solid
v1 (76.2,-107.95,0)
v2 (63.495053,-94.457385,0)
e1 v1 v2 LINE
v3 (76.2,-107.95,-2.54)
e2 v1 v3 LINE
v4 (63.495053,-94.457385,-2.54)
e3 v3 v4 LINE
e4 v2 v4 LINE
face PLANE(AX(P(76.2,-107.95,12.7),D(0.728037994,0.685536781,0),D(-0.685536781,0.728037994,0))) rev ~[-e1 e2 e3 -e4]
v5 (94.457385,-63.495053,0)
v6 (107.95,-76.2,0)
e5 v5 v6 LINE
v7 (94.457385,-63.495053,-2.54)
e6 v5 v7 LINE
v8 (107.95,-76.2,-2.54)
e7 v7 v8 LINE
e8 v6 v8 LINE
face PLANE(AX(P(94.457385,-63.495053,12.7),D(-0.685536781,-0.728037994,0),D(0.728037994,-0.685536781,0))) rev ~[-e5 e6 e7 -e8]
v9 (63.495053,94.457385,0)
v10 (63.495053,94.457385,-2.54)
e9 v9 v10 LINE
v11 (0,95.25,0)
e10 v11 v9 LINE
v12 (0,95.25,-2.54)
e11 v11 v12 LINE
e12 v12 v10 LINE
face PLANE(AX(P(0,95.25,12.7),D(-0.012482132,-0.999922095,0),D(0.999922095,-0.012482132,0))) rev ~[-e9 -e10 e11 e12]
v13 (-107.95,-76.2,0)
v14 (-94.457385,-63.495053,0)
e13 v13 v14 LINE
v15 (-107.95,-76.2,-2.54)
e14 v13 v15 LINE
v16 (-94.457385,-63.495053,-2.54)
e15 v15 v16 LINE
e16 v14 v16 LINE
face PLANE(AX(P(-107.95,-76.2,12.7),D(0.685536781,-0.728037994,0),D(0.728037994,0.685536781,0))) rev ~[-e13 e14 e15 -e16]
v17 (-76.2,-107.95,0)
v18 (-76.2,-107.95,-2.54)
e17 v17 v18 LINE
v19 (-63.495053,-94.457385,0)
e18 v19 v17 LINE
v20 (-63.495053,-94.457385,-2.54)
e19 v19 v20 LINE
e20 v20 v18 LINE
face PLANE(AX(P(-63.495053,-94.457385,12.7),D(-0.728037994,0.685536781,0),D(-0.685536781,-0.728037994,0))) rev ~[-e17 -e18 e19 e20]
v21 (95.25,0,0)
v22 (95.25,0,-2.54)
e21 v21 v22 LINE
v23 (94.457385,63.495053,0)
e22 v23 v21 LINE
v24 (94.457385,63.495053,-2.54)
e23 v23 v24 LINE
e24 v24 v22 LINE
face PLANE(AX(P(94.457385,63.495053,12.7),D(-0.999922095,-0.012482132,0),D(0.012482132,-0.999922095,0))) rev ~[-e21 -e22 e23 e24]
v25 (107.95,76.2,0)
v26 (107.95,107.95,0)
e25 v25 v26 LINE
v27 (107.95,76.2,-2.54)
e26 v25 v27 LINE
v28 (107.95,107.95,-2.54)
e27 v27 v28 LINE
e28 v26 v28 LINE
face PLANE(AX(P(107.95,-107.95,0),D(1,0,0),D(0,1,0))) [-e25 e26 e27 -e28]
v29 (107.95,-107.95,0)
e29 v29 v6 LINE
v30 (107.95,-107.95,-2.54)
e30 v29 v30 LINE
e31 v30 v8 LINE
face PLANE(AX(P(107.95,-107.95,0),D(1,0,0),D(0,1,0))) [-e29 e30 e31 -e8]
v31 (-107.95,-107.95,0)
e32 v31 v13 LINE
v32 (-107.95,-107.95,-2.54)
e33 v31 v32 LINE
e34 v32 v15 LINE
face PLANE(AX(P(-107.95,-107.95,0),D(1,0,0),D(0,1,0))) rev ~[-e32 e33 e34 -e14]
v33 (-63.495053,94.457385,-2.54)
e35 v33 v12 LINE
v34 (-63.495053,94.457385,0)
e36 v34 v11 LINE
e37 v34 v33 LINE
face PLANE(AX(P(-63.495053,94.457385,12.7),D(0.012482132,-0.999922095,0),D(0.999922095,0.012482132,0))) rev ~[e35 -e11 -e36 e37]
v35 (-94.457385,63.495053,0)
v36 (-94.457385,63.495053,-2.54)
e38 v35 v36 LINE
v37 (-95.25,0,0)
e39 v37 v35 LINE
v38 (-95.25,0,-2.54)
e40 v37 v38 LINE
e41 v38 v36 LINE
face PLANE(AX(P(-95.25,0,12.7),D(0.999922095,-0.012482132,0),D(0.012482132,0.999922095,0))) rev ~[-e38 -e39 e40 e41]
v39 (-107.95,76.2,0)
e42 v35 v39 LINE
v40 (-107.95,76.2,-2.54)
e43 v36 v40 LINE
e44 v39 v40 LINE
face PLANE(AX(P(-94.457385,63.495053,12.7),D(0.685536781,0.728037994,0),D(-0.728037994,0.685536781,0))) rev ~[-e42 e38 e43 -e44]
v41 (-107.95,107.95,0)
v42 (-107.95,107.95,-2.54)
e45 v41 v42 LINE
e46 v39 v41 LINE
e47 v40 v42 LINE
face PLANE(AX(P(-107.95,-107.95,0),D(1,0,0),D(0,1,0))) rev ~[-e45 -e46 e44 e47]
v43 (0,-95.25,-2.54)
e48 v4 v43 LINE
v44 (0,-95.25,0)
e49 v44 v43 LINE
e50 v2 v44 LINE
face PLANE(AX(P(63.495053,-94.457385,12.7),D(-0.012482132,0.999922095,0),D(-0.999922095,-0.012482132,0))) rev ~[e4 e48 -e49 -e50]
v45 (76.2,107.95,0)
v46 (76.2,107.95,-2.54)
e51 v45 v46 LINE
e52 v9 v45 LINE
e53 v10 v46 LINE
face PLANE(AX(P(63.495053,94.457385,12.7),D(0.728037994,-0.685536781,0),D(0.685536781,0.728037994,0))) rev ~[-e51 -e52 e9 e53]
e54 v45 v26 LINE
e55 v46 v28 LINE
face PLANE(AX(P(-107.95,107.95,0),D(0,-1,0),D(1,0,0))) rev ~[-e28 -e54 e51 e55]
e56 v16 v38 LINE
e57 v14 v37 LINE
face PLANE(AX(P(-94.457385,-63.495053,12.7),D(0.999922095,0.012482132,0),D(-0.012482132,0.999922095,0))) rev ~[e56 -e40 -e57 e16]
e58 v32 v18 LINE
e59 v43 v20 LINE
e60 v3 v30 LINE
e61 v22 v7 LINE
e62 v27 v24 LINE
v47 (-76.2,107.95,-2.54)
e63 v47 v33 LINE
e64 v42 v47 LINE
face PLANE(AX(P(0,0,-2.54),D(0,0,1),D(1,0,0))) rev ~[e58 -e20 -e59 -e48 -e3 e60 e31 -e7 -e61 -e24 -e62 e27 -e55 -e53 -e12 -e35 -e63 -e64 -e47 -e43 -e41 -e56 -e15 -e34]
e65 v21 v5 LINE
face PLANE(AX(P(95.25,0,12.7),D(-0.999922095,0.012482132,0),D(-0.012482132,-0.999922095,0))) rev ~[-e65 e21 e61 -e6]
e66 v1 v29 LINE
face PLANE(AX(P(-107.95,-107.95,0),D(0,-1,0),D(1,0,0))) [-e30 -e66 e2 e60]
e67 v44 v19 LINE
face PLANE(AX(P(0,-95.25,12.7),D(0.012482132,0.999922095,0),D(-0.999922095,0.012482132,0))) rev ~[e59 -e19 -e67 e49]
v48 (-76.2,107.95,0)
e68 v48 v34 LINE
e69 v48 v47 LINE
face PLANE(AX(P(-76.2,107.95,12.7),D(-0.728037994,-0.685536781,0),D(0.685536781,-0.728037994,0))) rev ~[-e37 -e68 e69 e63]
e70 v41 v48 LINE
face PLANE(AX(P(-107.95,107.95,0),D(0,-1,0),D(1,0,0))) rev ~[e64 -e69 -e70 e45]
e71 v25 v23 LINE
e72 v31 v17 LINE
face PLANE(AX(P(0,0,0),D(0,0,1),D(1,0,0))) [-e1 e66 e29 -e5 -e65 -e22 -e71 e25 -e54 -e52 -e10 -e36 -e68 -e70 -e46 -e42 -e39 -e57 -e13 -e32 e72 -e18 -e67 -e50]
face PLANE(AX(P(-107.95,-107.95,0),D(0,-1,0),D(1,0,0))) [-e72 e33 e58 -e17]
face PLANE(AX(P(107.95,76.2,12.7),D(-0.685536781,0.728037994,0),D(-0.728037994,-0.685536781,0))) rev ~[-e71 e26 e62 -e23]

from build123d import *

# Parameters (mm, degrees)
F0_W     = 215.9
F0_H     = 215.9
F1_DEPTH = 2.54
F3_DEPTH = 12.7
F6_COUNT = 4
F6_ANGLE = 270
F7_DEPTH = 25.401


with BuildPart() as f1:
    # F0 (on Top) → F1 (new body)
    with BuildSketch(Plane.XY):
        Rectangle(F0_W, F0_H)
    extrude(amount=-F1_DEPTH)


with BuildPart() as f3:
    # F2 (on face) → F3 (new body, symmetric)
    with BuildSketch(Plane.XY):
        Polygon((-76.2, -107.95), (0, -107.95), (0, -95.25), (-63.4950530427, -94.4573846459), align=None)
    extrude(amount=F3_DEPTH, both=True)


with BuildPart() as f4_1:
    # F4: instance of F3
    add(f3.part.mirror(Plane.YZ))


with BuildPart() as f6_1:
    # F6: instance of F3
    add(f3.part.rotate(Axis((0, 0, 47.5433133543), (0, 0, 1)), 1 * F6_ANGLE / (F6_COUNT - 1)))


with BuildPart() as f6_2:
    # F6: instance of F3
    add(f3.part.rotate(Axis((0, 0, 47.5433133543), (0, 0, 1)), 2 * F6_ANGLE / (F6_COUNT - 1)))


with BuildPart() as f6_3:
    # F6: instance of F3
    add(f3.part.rotate(Axis((0, 0, 47.5433133543), (0, 0, 1)), 3 * F6_ANGLE / (F6_COUNT - 1)))


with BuildPart() as f6_4:
    # F6: instance of F4_1
    add(f4_1.part.rotate(Axis((0, 0, 47.5433133543), (0, 0, 1)), 1 * F6_ANGLE / (F6_COUNT - 1)))


with BuildPart() as f6_5:
    # F6: instance of F4_1
    add(f4_1.part.rotate(Axis((0, 0, 47.5433133543), (0, 0, 1)), 2 * F6_ANGLE / (F6_COUNT - 1)))


with BuildPart() as f6_6:
    # F6: instance of F4_1
    add(f4_1.part.rotate(Axis((0, 0, 47.5433133543), (0, 0, 1)), 3 * F6_ANGLE / (F6_COUNT - 1)))


with BuildPart() as f7_tool:
    # F6_face (on face) + F4_face (on face) + F3_face (on face) → F7 (new body, through all)
    with BuildSketch(Plane(origin=(-35.4001438313, 101.5916492403, 12.7), x_dir=(1, 0, 0), z_dir=(0, 0, 1))):
        Polygon((-40.7998561687, 6.3583507597), (-28.0949092115, -7.1342645945), (35.4001438313, -6.3416492403), (35.4001438313, 6.3583507597), align=None)
        Polygon((98.895196874, -7.1342645945), (111.6001438313, 6.3583507597), (35.4001438313, 6.3583507597), (35.4001438313, -6.3416492403), align=None)
        Polygon((143.3501438313, -25.3916492403), (129.8575284771, -38.0965961976), (130.6501438313, -101.5916492403), (143.3501438313, -101.5916492403), align=None)
        Polygon((129.8575284771, -165.0867022831), (143.3501438313, -177.7916492403), (143.3501438313, -101.5916492403), (130.6501438313, -101.5916492403), align=None)
        Polygon((-72.5498561687, -177.7916492403), (-59.0572408146, -165.0867022831), (-59.8498561687, -101.5916492403), (-72.5498561687, -101.5916492403), align=None)
        Polygon((-59.0572408146, -38.0965961976), (-72.5498561687, -25.3916492403), (-72.5498561687, -101.5916492403), (-59.8498561687, -101.5916492403), align=None)
    with BuildSketch(Plane(origin=(35.4001438313, -101.5916492403, 12.7), x_dir=(1, 0, 0), z_dir=(0, 0, 1))):
        Polygon((40.7998561687, -6.3583507597), (28.0949092115, 7.1342645945), (-35.4001438313, 6.3416492403), (-35.4001438313, -6.3583507597), align=None)
    with BuildSketch(Plane(origin=(-35.4001438313, -101.5916492403, 12.7), x_dir=(1, 0, 0), z_dir=(0, 0, 1))):
        Polygon((-28.0949092115, 7.1342645945), (-40.7998561687, -6.3583507597), (35.4001438313, -6.3583507597), (35.4001438313, 6.3416492403), align=None)
    extrude(amount=-F7_DEPTH)


with BuildPart() as f1_1:
    add(f1.part)

    # F7: cut by f7_tool
    add(f7_tool.part, mode=Mode.SUBTRACT)


with BuildPart() as f3_1:
    add(f3.part)

    # F7: cut by f7_tool
    add(f7_tool.part, mode=Mode.SUBTRACT)


with BuildPart() as f4_1_1:
    add(f4_1.part)

    # F7: cut by f7_tool
    add(f7_tool.part, mode=Mode.SUBTRACT)


with BuildPart() as f6_1_1:
    add(f6_1.part)

    # F7: cut by f7_tool
    add(f7_tool.part, mode=Mode.SUBTRACT)


with BuildPart() as f6_2_1:
    add(f6_2.part)

    # F7: cut by f7_tool
    add(f7_tool.part, mode=Mode.SUBTRACT)


with BuildPart() as f6_3_1:
    add(f6_3.part)

    # F7: cut by f7_tool
    add(f7_tool.part, mode=Mode.SUBTRACT)


with BuildPart() as f6_4_1:
    add(f6_4.part)

    # F7: cut by f7_tool
    add(f7_tool.part, mode=Mode.SUBTRACT)


with BuildPart() as f6_5_1:
    add(f6_5.part)

    # F7: cut by f7_tool
    add(f7_tool.part, mode=Mode.SUBTRACT)


with BuildPart() as f6_6_1:
    add(f6_6.part)

    # F7: cut by f7_tool
    add(f7_tool.part, mode=Mode.SUBTRACT)


solid = f1_1.part
